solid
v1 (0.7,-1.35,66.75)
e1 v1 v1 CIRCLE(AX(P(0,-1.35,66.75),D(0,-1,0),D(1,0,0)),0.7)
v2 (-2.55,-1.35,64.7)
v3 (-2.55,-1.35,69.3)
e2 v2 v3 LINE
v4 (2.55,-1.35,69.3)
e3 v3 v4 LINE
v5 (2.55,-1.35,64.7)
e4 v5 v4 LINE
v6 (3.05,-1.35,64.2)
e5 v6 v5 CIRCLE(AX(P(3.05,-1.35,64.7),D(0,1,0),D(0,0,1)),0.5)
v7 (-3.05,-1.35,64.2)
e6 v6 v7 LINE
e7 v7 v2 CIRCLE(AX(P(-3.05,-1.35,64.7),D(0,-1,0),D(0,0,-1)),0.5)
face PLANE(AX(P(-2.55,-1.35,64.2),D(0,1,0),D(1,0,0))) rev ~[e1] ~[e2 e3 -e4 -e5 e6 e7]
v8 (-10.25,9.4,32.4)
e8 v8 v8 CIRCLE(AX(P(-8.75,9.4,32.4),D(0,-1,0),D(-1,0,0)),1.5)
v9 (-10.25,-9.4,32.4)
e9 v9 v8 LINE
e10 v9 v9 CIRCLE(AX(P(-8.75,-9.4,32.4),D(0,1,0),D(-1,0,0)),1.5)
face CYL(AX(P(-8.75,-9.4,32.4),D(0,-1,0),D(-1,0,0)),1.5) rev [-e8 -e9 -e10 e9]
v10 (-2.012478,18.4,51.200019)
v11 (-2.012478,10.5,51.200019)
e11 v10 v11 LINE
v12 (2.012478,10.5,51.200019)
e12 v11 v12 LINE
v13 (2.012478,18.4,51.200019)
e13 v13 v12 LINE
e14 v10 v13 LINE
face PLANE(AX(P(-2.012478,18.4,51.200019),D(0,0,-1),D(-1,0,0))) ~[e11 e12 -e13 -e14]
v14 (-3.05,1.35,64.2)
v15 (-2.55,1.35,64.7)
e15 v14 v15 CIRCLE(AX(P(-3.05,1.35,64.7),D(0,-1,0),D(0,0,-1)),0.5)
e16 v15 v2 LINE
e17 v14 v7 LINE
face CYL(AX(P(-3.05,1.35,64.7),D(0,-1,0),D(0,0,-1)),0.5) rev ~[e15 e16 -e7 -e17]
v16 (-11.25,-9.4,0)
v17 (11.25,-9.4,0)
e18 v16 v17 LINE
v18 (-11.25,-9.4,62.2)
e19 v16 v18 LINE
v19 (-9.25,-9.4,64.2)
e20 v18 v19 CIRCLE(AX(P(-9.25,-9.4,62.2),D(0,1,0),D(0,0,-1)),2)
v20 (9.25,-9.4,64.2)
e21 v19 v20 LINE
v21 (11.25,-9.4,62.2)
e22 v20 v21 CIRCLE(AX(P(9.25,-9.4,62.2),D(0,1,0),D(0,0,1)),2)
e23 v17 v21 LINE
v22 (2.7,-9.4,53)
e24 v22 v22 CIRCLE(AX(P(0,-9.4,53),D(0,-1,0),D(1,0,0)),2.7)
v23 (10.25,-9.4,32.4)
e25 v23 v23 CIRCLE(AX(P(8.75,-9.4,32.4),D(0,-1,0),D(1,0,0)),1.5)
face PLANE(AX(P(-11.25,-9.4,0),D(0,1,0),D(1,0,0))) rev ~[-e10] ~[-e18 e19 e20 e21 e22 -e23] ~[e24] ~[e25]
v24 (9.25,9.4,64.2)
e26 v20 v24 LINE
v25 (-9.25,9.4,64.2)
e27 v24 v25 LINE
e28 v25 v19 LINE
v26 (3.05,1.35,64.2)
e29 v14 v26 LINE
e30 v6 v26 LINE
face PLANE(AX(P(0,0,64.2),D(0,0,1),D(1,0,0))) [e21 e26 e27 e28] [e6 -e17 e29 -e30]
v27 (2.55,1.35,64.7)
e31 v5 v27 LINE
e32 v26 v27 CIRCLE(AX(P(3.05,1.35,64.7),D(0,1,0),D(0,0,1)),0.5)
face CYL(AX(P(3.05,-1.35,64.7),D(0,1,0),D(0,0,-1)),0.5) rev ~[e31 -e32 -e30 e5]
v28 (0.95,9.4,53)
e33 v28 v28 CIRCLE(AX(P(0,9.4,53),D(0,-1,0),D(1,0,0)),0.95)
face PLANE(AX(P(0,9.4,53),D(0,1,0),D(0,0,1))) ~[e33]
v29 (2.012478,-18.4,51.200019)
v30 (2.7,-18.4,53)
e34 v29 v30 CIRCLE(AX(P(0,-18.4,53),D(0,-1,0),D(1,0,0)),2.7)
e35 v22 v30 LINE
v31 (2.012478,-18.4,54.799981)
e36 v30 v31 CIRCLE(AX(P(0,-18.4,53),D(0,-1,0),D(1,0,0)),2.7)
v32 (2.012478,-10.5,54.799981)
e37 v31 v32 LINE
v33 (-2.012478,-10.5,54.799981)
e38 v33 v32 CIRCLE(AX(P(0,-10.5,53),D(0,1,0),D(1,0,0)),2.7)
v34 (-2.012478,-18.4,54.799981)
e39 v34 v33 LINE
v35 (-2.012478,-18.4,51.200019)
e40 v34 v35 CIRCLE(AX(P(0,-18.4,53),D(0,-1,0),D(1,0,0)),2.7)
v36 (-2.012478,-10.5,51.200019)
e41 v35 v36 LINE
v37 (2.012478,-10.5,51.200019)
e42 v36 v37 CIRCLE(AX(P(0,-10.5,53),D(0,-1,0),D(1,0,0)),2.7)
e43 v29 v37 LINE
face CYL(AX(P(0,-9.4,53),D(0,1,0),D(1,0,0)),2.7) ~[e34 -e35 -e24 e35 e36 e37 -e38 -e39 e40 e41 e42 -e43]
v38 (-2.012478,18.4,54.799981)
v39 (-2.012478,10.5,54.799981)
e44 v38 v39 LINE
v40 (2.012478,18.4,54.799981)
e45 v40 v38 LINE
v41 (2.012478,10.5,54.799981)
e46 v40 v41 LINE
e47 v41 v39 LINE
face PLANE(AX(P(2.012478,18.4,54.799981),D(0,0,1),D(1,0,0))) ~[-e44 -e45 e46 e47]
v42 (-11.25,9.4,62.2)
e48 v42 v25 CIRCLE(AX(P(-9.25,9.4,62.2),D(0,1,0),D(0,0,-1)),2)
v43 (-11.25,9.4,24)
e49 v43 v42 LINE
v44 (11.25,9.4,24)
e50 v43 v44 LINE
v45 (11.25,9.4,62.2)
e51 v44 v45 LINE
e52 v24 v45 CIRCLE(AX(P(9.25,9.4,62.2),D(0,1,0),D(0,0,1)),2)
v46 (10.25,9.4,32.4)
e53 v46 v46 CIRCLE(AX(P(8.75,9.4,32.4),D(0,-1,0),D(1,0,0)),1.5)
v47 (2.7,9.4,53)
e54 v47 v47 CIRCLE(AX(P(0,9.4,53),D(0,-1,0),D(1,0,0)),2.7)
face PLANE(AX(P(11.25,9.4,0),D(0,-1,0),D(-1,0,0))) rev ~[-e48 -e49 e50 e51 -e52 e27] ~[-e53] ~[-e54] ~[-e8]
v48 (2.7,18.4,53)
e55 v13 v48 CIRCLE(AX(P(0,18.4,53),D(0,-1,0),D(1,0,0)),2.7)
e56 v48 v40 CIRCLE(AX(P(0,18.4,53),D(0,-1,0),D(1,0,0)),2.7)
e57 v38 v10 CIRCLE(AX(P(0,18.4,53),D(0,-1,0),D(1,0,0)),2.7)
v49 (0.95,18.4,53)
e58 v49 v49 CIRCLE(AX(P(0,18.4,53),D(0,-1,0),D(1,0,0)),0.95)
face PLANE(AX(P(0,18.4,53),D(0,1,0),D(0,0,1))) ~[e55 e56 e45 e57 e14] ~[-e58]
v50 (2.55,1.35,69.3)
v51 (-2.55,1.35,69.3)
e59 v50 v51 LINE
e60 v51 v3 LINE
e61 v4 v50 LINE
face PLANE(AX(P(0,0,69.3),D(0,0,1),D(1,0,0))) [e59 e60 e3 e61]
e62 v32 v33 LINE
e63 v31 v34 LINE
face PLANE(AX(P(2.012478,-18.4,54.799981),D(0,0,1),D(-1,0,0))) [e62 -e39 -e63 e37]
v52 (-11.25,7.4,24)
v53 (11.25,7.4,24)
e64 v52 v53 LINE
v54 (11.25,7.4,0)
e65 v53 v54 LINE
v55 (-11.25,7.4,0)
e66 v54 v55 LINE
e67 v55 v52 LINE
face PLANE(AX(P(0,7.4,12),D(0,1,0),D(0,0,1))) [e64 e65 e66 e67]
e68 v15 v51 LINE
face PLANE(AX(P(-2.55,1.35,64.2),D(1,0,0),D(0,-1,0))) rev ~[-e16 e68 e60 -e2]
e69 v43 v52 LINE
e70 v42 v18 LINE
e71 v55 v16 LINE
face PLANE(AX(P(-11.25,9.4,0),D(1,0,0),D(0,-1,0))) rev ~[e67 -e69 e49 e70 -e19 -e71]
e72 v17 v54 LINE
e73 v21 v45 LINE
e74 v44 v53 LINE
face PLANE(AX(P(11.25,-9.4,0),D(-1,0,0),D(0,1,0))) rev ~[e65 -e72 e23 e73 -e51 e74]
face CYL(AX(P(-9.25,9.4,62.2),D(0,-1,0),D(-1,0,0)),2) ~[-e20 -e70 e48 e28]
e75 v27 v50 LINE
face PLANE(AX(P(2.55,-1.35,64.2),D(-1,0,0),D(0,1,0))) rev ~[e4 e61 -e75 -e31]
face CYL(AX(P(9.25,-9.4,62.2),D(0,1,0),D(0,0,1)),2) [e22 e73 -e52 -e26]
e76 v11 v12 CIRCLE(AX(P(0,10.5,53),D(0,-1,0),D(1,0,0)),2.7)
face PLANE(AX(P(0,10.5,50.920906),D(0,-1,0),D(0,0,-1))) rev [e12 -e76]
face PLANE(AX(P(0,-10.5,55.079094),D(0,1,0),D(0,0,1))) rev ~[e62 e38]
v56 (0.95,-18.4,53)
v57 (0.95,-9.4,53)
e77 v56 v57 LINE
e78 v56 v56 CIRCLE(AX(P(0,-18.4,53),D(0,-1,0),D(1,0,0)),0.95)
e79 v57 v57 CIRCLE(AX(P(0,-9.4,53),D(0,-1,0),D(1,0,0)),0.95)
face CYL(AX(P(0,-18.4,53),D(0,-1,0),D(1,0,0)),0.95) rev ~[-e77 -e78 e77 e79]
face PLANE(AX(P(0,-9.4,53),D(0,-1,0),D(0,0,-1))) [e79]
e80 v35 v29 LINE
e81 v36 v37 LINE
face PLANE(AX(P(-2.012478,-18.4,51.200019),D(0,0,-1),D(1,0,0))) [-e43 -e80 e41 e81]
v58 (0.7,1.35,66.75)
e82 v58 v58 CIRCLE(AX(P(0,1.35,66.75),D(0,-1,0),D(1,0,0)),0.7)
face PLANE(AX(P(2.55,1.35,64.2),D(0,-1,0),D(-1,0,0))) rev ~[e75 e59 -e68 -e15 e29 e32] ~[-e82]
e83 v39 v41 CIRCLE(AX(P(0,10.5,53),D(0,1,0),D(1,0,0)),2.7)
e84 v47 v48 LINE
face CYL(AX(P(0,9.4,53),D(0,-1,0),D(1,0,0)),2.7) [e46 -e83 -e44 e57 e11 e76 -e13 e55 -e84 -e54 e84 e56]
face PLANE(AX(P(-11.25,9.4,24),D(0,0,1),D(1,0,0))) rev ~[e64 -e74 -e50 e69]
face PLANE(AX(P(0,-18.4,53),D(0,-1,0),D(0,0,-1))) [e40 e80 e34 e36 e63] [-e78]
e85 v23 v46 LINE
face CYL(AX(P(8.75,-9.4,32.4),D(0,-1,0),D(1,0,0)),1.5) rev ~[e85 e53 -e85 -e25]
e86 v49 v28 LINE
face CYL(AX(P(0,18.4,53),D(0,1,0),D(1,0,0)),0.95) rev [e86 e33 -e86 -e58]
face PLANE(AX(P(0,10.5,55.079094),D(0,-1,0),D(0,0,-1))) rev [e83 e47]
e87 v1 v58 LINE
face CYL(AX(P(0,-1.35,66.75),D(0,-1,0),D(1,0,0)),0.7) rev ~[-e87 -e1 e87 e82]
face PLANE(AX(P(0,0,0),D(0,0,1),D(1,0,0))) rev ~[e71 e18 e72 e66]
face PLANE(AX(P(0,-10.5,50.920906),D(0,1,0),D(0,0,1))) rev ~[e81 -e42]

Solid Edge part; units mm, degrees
sketch "Sketch1" plane through (0, 0, 0) normal (0, 0, 1) x (1, 0, 0)
  line L0 (-11.25, -9.4) -> (11.25, -9.4)
  line L1 (11.25, -9.4) -> (11.25, 9.4)
  line L2 (11.25, 9.4) -> (-11.25, 9.4)
  line L3 (-11.25, 9.4) -> (-11.25, -9.4)
  dimension "D1" = 22.5
  dimension "D2" = 18.8
extrude "Ajout_matière_1" add sketch "Sketch1" along normal blind 64.2
sketch "Sketch2" plane through (0, -9.4, 32.1) normal (0, -1, 0) x (1, 0, 0)
  circle A0 centre (0, 20.9) radius 2.7
  dimension "D1" = 5.4
  dimension "D2" = 11.2
extrude "Ajout_matière_2" add sketch "Sketch2" along normal blind 9
sketch "Sketch3" plane through (0, -18.4, 53) normal (0, -1, 0) x (1, 0, 0)
  circle A0 centre (0, 0) radius 0.95
  dimension "D1" = 1.9
extrude "Cutout1" cut sketch "Sketch3" against normal up to vertex (9 mm away)
sketch "Sketch4" plane through (0, -18.4, 53) normal (0, -1, 0) x (1, 0, 0)
  line L0 (2.0125, 1.8) -> (-2.0125, 1.8)
  arc A0 (-2.0125, 1.8) -> (2.0125, 1.8) centre (0, 0) cw
  line L1 (-2.0125, -1.8) -> (2.0125, -1.8)
  arc A1 (-2.0125, -1.8) -> (2.0125, -1.8) centre (0, 0) ccw
  dimension "D1" = 0.9
  dimension "D2" = 4.0249
  dimension "D3" = 2.7
  dimension "D4" = 0.9
  dimension "D5" = 4.0249
  dimension "D6" = 2.7
extrude "Enlèvement_matière_2" cut sketch "Sketch4" against normal blind 7.9
sketch "Sketch5" plane through (0, 0, 64.2) normal (0, 0, 1) x (0, 1, 0)
  line L0 (-1.35, -2.55) -> (1.35, -2.55)
  line L1 (1.35, -2.55) -> (1.35, 2.55)
  line L2 (1.35, 2.55) -> (-1.35, 2.55)
  line L3 (-1.35, 2.55) -> (-1.35, -2.55)
  dimension "D1" = 5.1
  dimension "D2" = 2.7
extrude "Ajout_matière_3" add sketch "Sketch5" along normal blind 5.1
sketch "Sketch6" plane through (0, -1.35, 65.4) normal (0, -1, 0) x (1, 0, 0)
  circle A0 centre (0, 1.35) radius 0.7
  dimension "D1" = 1.4
extrude "Cutout2" cut sketch "Sketch6" against normal through all
sketch "Sketch7" plane through (0, -9.4, 32.1) normal (0, -1, 0) x (1, 0, 0)
  circle A0 centre (8.75, 0.3) radius 1.5
  dimension "D1" = 3
  dimension "D2" = 31.8
  dimension "D3" = 8.75
extrude "Cutout3" cut sketch "Sketch7" against normal through all
mirror "Mirror1" about plane through (0, 0, 0) normal (1, 0, 0) of "Cutout3"
mirror "Mirror2" about plane through (0, 0, 0) normal (0, -1, 0) of "Ajout_matière_2", "Cutout1", "Enlèvement_matière_2"
fillet "Congé_1" radius 2 2 edges at (11.25, 0, 64.2) (-11.25, 0, 64.2)
fillet "Congé_2" radius 0.5 2 edges at (-2.55, 0, 64.2) (2.55, 0, 64.2)
sketch "Sketch8" plane through (0, 9.4, 32.1) normal (0, 1, 0) x (-1, 0, 0)
  line L0 (-11.25, -32.1) -> (11.25, -32.1)
  line L1 (11.25, -32.1) -> (11.25, -8.1)
  line L2 (11.25, -8.1) -> (-11.25, -8.1)
  line L3 (-11.25, -8.1) -> (-11.25, -32.1)
  dimension "D1" = 24
extrude "Enlèvement_matière_8" cut sketch "Sketch8" against normal blind 2
properties material "Acier S235"
